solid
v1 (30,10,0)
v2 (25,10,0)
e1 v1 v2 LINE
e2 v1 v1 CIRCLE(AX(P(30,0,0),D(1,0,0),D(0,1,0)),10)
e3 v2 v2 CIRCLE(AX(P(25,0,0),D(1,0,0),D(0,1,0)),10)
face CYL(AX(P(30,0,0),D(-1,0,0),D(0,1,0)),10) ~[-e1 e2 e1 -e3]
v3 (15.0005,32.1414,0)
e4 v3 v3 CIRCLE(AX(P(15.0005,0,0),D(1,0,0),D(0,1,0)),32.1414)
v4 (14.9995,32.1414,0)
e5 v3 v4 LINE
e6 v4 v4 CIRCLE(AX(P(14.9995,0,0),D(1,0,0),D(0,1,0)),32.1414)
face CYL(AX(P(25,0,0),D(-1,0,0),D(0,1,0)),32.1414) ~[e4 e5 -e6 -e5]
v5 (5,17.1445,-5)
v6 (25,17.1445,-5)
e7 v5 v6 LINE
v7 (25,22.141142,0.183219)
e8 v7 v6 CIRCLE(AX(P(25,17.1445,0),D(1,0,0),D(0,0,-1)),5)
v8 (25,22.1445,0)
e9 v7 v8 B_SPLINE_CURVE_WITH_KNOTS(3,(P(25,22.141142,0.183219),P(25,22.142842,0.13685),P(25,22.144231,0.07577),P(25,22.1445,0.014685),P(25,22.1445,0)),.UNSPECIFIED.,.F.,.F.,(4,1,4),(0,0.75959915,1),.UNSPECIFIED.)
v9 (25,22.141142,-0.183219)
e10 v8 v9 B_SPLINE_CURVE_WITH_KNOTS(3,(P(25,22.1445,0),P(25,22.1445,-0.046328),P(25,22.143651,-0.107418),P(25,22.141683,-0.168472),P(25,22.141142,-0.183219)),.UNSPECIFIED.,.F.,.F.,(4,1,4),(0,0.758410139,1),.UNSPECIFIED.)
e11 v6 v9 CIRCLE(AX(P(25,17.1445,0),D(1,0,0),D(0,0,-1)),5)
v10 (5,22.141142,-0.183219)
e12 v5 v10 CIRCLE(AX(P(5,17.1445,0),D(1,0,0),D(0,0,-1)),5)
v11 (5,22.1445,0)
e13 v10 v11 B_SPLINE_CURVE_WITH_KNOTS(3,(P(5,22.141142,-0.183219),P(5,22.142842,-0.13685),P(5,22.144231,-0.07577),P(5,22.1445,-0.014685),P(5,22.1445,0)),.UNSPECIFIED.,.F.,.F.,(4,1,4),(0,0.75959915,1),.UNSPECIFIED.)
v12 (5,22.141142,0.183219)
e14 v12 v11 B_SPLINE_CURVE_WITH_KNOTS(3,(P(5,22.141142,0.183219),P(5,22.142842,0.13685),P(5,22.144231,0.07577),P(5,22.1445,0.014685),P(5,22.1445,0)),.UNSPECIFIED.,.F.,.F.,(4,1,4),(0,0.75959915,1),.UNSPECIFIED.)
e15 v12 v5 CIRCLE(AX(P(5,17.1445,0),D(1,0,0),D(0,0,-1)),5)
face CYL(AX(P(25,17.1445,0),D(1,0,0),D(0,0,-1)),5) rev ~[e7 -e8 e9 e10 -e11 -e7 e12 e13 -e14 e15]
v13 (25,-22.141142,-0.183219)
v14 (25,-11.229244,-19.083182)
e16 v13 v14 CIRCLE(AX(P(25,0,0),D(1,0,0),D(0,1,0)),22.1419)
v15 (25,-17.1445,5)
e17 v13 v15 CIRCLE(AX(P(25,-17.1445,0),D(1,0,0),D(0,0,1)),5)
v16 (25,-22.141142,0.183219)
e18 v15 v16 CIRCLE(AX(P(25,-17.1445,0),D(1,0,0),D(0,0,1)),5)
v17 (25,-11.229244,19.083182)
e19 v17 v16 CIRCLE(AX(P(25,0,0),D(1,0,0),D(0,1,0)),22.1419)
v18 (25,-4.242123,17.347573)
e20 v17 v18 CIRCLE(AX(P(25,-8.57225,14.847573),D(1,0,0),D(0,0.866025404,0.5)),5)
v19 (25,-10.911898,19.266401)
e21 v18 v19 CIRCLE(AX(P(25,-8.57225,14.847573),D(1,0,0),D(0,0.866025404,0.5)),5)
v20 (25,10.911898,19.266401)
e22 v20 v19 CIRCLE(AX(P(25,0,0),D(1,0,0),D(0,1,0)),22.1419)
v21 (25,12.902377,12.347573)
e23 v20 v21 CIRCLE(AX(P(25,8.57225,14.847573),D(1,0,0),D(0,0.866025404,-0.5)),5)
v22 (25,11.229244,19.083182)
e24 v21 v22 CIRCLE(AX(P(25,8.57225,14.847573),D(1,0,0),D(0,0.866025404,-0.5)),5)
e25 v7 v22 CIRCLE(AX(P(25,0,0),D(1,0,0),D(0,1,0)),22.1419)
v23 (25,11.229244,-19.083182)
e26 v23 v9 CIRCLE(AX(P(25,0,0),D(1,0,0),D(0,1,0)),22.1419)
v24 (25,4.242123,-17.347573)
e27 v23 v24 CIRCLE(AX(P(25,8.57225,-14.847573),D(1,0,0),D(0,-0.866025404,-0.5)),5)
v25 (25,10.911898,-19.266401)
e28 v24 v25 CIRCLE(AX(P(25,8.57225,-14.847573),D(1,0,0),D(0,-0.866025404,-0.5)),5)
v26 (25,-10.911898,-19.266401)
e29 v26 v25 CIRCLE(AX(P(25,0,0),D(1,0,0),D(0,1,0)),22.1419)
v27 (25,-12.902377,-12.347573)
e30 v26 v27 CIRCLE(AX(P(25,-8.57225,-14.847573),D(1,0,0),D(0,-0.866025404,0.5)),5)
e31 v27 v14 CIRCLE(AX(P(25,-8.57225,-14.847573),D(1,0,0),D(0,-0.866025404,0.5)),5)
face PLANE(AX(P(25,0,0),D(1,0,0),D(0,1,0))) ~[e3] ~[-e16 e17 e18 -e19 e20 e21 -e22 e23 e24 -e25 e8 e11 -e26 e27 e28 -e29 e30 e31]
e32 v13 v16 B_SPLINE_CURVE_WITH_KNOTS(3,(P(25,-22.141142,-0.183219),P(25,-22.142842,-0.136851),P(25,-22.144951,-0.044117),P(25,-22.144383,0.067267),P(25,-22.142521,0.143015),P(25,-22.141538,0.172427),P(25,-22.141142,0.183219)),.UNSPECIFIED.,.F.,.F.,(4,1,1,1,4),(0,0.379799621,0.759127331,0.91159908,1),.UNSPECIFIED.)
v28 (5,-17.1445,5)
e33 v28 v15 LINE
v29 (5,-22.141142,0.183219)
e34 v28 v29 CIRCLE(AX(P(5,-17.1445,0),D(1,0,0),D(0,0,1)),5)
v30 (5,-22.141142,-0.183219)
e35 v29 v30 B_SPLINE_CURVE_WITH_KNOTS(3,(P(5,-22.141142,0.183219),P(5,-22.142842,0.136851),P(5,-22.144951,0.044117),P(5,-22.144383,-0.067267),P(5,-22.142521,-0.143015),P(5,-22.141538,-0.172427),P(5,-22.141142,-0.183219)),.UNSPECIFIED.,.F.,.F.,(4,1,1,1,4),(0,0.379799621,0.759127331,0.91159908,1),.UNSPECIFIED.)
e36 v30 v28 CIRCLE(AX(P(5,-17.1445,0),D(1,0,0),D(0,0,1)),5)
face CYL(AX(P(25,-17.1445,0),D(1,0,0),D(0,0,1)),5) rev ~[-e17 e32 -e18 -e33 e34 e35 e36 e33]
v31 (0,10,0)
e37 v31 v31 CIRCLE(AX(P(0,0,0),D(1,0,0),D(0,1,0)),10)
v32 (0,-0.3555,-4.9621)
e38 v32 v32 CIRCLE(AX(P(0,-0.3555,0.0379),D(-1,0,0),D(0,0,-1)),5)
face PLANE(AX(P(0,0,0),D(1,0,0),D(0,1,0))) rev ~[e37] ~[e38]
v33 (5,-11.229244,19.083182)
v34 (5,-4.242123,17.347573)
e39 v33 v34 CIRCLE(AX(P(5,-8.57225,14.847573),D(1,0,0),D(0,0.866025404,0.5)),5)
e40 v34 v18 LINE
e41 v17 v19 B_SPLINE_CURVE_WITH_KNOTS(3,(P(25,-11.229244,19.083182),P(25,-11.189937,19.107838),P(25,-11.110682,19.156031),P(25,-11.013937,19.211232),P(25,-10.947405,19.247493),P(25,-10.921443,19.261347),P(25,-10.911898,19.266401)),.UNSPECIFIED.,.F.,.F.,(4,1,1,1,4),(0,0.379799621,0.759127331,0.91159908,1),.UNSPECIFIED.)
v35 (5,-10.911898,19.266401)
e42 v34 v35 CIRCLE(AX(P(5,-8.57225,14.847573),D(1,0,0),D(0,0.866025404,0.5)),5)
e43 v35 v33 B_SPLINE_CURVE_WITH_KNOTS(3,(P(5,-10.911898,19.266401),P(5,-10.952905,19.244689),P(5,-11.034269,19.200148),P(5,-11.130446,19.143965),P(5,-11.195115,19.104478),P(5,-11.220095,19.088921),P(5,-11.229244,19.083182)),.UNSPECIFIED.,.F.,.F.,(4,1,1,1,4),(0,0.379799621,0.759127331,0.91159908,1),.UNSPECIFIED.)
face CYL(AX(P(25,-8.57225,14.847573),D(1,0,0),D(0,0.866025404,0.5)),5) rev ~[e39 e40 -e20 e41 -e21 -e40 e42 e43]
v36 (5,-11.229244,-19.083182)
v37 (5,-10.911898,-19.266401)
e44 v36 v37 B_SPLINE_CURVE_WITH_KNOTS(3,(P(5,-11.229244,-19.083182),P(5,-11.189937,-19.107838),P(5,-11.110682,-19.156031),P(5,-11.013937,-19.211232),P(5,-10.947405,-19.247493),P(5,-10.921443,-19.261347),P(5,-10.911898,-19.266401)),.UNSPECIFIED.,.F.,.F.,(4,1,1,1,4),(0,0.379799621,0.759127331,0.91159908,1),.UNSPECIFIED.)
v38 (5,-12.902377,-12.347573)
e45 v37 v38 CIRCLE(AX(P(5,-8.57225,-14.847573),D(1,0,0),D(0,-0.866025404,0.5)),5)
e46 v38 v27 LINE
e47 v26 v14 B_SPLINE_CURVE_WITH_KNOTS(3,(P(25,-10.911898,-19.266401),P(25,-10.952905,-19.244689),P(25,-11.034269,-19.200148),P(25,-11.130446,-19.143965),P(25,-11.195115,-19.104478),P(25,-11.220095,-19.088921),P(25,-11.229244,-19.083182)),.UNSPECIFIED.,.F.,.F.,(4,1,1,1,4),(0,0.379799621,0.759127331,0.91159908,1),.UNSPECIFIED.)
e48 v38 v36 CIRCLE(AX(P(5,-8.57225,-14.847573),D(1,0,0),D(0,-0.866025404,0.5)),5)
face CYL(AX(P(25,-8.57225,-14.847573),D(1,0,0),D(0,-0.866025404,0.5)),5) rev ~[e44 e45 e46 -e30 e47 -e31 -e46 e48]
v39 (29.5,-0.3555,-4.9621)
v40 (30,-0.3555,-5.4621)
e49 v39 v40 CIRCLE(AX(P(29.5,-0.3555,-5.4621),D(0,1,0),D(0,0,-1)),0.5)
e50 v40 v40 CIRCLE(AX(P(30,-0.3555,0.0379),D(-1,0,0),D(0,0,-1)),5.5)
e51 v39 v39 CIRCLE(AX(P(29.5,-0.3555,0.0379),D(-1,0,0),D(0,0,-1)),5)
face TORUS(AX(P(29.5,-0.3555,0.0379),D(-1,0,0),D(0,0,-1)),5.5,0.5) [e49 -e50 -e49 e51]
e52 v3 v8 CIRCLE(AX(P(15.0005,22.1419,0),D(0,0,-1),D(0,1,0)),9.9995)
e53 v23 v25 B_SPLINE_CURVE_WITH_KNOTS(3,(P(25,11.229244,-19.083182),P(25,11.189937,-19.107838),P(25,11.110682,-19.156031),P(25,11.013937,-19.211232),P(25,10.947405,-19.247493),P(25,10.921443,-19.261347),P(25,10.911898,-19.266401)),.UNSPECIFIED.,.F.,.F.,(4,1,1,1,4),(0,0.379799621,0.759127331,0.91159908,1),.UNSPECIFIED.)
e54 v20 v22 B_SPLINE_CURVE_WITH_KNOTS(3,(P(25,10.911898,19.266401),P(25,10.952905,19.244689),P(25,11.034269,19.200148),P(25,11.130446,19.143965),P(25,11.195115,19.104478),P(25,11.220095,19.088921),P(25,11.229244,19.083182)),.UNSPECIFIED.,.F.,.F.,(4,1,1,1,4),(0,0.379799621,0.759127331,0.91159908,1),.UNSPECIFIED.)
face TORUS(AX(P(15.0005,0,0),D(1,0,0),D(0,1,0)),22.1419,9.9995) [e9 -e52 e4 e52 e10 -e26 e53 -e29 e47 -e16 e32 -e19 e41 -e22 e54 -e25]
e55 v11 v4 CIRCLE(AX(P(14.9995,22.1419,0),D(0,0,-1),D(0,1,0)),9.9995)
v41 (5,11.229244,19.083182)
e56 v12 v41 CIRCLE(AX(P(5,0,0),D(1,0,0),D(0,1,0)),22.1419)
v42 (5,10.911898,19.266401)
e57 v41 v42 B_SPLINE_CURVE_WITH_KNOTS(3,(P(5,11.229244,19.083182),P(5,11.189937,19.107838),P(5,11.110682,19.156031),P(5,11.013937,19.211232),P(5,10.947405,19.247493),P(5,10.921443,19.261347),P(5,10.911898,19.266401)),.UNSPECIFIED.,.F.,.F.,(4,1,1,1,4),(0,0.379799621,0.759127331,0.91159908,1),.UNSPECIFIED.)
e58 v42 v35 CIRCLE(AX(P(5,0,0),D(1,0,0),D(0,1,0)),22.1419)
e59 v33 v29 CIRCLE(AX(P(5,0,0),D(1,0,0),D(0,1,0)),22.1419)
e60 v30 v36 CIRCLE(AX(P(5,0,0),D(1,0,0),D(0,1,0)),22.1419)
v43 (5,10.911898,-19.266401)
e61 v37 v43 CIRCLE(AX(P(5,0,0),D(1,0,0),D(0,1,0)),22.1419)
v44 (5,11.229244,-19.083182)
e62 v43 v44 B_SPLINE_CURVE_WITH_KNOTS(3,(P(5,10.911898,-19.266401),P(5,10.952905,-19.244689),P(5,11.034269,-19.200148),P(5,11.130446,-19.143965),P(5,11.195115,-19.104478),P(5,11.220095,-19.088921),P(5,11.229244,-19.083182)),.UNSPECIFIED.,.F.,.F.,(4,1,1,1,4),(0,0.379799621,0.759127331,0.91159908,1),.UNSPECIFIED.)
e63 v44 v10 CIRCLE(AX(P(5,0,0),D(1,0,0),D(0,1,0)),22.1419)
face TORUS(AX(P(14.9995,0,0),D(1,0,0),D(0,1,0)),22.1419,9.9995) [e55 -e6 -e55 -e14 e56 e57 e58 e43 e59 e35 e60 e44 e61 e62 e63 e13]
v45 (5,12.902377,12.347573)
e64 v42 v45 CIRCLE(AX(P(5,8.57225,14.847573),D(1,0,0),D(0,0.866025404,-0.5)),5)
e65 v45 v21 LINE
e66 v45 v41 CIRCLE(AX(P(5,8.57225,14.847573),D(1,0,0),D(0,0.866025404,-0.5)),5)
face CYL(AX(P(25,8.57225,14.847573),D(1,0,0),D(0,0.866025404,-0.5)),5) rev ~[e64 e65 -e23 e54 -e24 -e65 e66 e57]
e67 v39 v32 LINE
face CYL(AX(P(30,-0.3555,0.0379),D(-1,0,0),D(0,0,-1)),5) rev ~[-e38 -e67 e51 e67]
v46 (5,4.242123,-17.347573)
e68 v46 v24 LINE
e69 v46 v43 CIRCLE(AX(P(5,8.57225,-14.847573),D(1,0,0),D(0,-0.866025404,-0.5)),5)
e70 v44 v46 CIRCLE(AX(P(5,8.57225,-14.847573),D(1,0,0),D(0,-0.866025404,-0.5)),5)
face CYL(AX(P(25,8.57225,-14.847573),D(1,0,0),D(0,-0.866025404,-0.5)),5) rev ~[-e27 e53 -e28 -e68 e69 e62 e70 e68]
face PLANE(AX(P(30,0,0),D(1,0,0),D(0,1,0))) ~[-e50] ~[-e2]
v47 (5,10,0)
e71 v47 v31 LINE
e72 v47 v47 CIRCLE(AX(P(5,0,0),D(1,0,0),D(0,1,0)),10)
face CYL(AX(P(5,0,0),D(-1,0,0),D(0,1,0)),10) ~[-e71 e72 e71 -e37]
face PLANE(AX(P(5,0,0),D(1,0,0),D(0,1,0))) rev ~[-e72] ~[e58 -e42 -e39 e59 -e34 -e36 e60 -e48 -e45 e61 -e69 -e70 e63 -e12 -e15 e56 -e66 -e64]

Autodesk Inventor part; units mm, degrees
ref_plane "YZ Plane" through (0, 0, 0) normal (1, 0, 0) x (0, 1, 0)
ref_plane "XZ Plane" through (0, 0, 0) normal (0, 1, 0) x (-1, 0, 0)
ref_plane "XY Plane" through (0, 0, 0) normal (0, 0, 1) x (1, 0, 0)
sketch "Sketch1" plane through (0, 0, 0) normal (0, 0, 1) x (1, 0, 0)
  line L0 (0, 0) -> (30, 0)
  line L1 (30, 0) -> (30, 10)
  line L2 (30, 10) -> (25, 10)
  line L3 (5, 10) -> (0, 10)
  line L4 (0, 10) -> (0, 0)
  line L5 (25, 10) -> (25, 32.1414)
  line L6 (25, 32.1414) -> (5, 32.1414)
  line L7 (5, 32.1414) -> (5, 10)
revolve "Revolution1" add sketch "Sketch1" angle 360 about axis through (0, 0, 0) along (1, 0, 0)
fillet "Fillet1" radius 10 2 edges at (25, -32.1414, 0) (5, -32.1414, 0)
sketch "Sketch2" plane through (30, 0, 0) normal (1, 0, 0) x (0, 0, -1)
  point P0 (0, 0)
  point P1 (-0.0379, -0.3555)
hole "Hole1" at (30, -0.3555, 0.0379) direction (-1, 0, 0) diameter 10 end through all
fillet "Fillet2" radius 0.5 1 edges at (30, -0.3555, 5.0379)
sketch "Sketch3" plane through (25, 0, 0) normal (1, 0, 0) x (0, 0, -1)
  circle A0 centre (-0.0379, -0.3555) radius 5 projected
  circle A1 centre (-0.0379, -0.3555) radius 17.5
  circle A2 centre (0, 17.1445) radius 5
  point P0 (0, 0)
extrude "Extrusion1" cut sketch "Sketch3" along normal through all both and the other way through all contours A2 A1 | A1 A2 picked at (-0.0037, 15.4246) picked at (-0.1177, 18.7538)
pattern_circular "Circular Pattern1" count 6 over 360 about axis through (15, 0, 0) along (1, 0, 0) of "Extrusion1"
properties part number "Kolo"
